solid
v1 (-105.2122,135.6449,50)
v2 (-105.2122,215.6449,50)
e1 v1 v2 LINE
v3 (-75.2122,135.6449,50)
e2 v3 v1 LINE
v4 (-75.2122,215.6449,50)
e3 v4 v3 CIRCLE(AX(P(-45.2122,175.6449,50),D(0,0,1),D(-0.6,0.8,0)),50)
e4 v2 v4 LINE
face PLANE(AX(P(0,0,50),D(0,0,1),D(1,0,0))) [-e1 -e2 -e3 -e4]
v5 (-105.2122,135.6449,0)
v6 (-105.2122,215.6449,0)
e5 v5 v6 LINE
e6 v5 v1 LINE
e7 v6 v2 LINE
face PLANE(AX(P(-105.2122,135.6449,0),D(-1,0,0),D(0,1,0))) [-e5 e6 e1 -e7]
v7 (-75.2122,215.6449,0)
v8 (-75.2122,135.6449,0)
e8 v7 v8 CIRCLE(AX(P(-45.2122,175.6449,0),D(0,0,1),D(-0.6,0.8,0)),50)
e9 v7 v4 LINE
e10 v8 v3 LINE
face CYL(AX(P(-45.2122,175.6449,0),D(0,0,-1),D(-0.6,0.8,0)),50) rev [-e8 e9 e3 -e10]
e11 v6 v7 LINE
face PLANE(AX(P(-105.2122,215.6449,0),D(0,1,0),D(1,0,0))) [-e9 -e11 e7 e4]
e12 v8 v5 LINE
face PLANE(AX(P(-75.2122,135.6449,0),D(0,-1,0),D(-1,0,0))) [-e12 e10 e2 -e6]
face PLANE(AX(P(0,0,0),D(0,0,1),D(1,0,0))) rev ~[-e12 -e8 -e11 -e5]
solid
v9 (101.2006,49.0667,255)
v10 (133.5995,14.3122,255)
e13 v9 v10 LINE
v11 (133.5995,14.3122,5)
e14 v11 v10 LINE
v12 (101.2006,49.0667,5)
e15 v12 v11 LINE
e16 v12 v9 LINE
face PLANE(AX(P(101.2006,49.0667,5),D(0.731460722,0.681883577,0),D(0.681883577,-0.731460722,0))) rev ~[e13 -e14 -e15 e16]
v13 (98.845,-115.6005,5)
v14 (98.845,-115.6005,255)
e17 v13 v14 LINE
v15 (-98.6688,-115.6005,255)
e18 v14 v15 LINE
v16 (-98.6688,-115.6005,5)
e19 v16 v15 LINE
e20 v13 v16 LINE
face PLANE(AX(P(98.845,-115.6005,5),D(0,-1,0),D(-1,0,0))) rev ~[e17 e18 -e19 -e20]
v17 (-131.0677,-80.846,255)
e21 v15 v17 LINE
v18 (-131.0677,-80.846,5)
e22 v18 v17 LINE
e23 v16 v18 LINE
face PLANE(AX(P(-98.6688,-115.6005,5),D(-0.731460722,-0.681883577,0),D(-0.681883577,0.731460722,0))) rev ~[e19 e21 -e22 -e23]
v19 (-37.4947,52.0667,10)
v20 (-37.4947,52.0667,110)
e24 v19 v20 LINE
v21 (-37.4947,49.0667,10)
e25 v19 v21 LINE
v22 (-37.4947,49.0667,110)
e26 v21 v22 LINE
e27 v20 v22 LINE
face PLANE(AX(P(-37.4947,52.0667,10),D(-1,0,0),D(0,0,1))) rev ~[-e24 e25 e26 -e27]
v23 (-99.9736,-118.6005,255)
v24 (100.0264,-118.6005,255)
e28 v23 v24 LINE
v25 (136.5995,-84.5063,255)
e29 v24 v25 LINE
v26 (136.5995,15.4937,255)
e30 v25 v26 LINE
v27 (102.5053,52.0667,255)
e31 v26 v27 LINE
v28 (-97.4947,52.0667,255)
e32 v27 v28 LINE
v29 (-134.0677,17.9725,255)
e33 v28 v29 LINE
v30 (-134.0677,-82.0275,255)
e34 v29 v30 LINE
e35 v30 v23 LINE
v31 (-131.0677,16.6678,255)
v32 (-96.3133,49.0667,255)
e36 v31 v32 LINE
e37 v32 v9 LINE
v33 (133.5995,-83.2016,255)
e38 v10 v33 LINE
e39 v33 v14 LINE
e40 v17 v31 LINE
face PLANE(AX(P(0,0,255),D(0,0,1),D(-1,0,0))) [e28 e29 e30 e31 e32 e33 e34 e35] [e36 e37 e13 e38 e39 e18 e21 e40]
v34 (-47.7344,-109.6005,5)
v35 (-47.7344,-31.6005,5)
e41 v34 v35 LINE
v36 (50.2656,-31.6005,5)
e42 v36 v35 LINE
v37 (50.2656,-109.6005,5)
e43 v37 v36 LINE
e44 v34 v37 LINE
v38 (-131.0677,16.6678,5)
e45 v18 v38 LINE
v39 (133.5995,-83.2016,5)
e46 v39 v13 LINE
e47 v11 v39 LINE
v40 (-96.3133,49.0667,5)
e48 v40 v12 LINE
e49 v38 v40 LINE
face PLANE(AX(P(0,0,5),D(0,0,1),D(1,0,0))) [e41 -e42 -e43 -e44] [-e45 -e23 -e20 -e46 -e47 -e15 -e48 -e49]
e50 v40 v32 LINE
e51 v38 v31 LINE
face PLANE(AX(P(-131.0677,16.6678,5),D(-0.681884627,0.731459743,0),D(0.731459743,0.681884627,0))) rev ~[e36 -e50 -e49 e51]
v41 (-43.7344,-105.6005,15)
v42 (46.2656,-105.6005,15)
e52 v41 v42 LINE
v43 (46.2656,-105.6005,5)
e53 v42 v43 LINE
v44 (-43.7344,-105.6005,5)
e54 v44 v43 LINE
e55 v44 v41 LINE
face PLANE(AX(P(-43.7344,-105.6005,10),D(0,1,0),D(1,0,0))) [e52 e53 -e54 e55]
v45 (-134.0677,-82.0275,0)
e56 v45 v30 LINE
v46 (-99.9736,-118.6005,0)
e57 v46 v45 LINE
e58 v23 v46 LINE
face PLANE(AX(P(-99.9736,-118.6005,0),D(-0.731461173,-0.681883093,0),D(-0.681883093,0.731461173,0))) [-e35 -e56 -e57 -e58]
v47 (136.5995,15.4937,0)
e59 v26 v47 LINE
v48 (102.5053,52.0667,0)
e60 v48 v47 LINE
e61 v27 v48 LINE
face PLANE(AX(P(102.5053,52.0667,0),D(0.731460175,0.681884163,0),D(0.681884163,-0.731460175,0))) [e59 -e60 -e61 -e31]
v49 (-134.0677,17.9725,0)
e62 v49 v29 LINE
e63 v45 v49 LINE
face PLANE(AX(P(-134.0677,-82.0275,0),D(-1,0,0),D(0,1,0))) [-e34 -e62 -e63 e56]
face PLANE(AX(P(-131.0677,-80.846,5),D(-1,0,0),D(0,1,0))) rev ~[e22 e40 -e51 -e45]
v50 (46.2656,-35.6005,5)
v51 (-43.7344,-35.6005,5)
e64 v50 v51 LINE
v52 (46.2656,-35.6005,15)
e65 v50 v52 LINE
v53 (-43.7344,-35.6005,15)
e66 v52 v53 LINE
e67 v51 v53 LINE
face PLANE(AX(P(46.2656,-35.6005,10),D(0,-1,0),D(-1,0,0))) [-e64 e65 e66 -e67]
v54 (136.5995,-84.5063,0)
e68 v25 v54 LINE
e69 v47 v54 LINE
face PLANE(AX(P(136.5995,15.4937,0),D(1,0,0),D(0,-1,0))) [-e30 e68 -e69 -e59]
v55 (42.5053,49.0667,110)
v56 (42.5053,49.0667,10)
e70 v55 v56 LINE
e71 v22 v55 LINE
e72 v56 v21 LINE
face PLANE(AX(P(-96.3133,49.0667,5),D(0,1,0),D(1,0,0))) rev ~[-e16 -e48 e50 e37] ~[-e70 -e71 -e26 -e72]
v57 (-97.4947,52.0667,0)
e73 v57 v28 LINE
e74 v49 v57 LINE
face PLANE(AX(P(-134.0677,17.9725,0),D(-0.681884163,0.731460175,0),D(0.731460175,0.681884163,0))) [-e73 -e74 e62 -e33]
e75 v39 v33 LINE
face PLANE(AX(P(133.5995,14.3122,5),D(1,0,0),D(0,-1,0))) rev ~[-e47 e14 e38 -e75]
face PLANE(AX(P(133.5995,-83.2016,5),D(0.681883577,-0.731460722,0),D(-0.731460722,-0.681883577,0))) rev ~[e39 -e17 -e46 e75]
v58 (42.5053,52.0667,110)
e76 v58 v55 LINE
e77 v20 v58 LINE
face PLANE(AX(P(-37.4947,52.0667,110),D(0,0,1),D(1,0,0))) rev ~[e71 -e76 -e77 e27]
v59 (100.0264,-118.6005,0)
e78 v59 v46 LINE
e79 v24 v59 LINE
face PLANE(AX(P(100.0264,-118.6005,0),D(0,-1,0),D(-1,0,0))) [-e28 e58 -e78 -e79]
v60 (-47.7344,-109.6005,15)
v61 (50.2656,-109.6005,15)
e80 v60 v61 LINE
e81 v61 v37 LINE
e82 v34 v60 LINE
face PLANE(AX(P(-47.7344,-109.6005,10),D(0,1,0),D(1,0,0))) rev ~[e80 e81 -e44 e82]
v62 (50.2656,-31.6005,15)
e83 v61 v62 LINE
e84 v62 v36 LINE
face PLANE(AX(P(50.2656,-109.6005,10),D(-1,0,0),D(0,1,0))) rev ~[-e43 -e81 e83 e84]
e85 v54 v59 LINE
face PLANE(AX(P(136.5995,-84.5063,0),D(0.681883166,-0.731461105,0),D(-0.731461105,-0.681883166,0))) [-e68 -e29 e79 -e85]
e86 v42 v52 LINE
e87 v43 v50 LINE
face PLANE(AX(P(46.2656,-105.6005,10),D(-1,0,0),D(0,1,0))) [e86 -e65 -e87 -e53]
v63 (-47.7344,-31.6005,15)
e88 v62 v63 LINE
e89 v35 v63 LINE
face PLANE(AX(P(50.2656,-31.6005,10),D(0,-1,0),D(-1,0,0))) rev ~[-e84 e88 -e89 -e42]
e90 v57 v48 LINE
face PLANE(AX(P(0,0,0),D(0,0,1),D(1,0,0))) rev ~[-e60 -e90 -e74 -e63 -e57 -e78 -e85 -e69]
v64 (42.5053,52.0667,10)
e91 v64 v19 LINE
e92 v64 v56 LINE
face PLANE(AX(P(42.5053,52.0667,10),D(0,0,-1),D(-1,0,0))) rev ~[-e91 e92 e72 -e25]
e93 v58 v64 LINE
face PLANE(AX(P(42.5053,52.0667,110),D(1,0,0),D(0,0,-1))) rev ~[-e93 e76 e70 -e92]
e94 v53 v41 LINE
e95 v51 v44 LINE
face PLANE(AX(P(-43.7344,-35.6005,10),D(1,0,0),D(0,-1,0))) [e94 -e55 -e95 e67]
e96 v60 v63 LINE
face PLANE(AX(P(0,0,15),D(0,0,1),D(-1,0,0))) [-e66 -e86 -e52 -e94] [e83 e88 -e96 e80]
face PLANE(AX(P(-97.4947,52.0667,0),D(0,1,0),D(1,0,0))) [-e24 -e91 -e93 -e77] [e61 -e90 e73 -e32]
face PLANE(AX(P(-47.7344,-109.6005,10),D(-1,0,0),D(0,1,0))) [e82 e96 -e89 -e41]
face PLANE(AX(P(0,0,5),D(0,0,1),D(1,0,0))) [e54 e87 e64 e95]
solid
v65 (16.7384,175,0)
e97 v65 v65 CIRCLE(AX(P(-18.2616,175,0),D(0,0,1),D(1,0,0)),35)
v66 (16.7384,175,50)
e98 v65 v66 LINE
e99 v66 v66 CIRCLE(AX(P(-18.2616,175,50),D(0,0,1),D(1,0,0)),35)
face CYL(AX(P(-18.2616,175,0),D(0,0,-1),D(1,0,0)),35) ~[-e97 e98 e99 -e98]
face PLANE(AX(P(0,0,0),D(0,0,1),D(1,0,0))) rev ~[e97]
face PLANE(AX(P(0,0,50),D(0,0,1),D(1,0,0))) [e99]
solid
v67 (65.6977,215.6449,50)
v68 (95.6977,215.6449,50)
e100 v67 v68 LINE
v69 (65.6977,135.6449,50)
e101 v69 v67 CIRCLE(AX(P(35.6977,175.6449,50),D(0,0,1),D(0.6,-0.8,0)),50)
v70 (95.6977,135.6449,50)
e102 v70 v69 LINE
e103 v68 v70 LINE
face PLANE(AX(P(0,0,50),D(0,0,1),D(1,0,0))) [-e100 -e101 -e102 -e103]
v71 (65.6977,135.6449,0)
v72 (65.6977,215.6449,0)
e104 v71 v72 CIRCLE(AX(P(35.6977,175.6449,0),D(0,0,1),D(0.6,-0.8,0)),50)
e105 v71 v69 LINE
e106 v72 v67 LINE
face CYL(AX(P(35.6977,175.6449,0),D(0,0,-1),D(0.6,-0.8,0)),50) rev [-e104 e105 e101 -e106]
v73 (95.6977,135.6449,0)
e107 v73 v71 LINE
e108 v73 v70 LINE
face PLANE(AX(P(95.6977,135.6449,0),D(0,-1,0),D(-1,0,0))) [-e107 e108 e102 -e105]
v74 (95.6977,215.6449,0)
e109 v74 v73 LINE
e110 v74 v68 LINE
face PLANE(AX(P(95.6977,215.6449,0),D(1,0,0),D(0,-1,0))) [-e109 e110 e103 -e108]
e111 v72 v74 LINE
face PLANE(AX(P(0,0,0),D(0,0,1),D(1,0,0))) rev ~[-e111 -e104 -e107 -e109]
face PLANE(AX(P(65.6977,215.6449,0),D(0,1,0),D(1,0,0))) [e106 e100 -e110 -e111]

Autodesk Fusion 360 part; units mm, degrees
sketch "Esquisse1" plane through (0, 0, 0) normal (0, 0, 1) x (1, 0, 0)
  line L0 (-97.4947, 52.0667) -> (102.5053, 52.0667)
  line L1 (102.5053, 52.0667) -> (136.5995, 15.4937)
  line L2 (136.5995, 15.4937) -> (136.5995, -84.5063)
  line L3 (136.5995, -84.5063) -> (100.0264, -118.6005)
  line L4 (100.0264, -118.6005) -> (-99.9736, -118.6005)
  line L5 (-99.9736, -118.6005) -> (-134.0677, -82.0275)
  line L6 (-134.0677, -82.0275) -> (-134.0677, 17.9725)
  line L7 (-134.0677, 17.9725) -> (-97.4947, 52.0667)
  circle A0 centre (-18.2616, 175) radius 35
  line L8 (95.6977, 135.6449) -> (65.6977, 135.6449)
  line L9 (65.6977, 135.6449) -> (65.6977, 215.6449)
  line L10 (65.6977, 215.6449) -> (95.6977, 215.6449)
  line L11 (95.6977, 215.6449) -> (95.6977, 135.6449)
  line L12 (-105.2122, 215.6449) -> (-75.2122, 215.6449)
  line L13 (-105.2122, 135.6449) -> (-105.2122, 215.6449)
  line L14 (-75.2122, 215.6449) -> (-75.2122, 135.6449)
  line L15 (-75.2122, 135.6449) -> (-105.2122, 135.6449)
  arc A1 (65.6977, 135.6449) -> (65.6977, 215.6449) centre (35.6977, 175.6449) ccw
  arc A2 (-75.2122, 215.6449) -> (-75.2122, 135.6449) centre (-45.2122, 175.6449) ccw
  dimension "d1" = 100
  dimension "d4" = 200
  dimension "d5" = 50
  dimension "d6" = 170.6672
  dimension "d7" = 270.6672
  dimension "d44" = 70
  dimension "d48" = 30
  dimension "d49" = 80
  dimension "d52" = 30
  dimension "d53" = 80
  dimension "d57" = 60
  dimension "d58" = 60
extrude "Extrusion1" add sketch "Esquisse1" along normal blind 5 contours L0 L1 L2 L3 L4 L5 L6 L7 makes body 1
sketch "Esquisse4" plane through (0, 0, 5) normal (0, 0, 1) x (-1, 0, 0)
  line L0 (134.0677, -17.9725) -> (134.0677, 82.0275)
  line L1 (134.0677, 82.0275) -> (99.9736, 118.6005)
  line L2 (99.9736, 118.6005) -> (-100.0264, 118.6005)
  line L3 (-100.0264, 118.6005) -> (-136.5995, 84.5063)
  line L4 (-136.5995, 84.5063) -> (-136.5995, -15.4937)
  line L5 (-136.5995, -15.4937) -> (-102.5053, -52.0667)
  line L6 (-102.5053, -52.0667) -> (97.4947, -52.0667)
  line L7 (97.4947, -52.0667) -> (134.0677, -17.9725)
  line L8 (96.3133, -49.0667) -> (-101.2006, -49.0667)
  line L9 (97.4947, -52.0667) -> (-102.5053, -52.0667)
  line L10 (-101.2006, -49.0667) -> (-133.5995, -14.3122)
  line L11 (-133.5995, -14.3122) -> (-133.5995, 83.2016)
  line L12 (-102.5053, -52.0667) -> (-136.5995, -15.4937)
  line L13 (-136.5995, -15.4937) -> (-136.5995, 84.5063)
  line L14 (-133.5995, 83.2016) -> (-98.845, 115.6005)
  line L15 (-98.845, 115.6005) -> (98.6688, 115.6005)
  line L16 (98.6688, 115.6005) -> (131.0677, 80.846)
  line L17 (131.0677, 80.846) -> (131.0677, -16.6678)
  line L18 (131.0677, -16.6678) -> (96.3133, -49.0667)
  line L19 (-136.5995, 84.5063) -> (-100.0264, 118.6005)
  line L20 (-100.0264, 118.6005) -> (99.9736, 118.6005)
  line L21 (99.9736, 118.6005) -> (134.0677, 82.0275)
  line L22 (134.0677, 82.0275) -> (134.0677, -17.9725)
  line L23 (134.0677, -17.9725) -> (97.4947, -52.0667)
  line L24 (43.7344, 105.6005) -> (-46.2656, 105.6005)
  line L25 (-46.2656, 105.6005) -> (-46.2656, 35.6005)
  line L26 (-46.2656, 35.6005) -> (43.7344, 35.6005)
  line L27 (43.7344, 35.6005) -> (43.7344, 105.6005)
  line L28 (47.7344, 35) -> (47.7344, 105)
  line L29 (47.7344, 105) -> (47.7344, 109.6005)
  line L30 (47.7344, 109.6005) -> (-50.2656, 109.6005)
  line L31 (-50.2656, 109.6005) -> (-50.2656, 31.6005)
  line L32 (-50.2656, 31.6005) -> (47.7344, 31.6005)
  line L33 (47.7344, 31.6005) -> (47.7344, 35)
  dimension "d10" = 3
  dimension "d11" = 3
  dimension "d12" = 3
  dimension "d14" = 3
  dimension "d16" = 3
  dimension "d18" = 3
  dimension "d19" = 3
  dimension "d21" = 3
  dimension "d24" = 70
  dimension "d25" = 90
  dimension "d26" = 10
  dimension "d27" = 4
  dimension "d28" = 4
  dimension "d29" = 4
  dimension "d30" = 4
  dimension "d35" = 83.3333
  dimension "d36" = 83.3339
extrude "Extrusion2" add sketch "Esquisse4" along normal blind 250 contours L0 L1 L2 L3 L4 L5 L6 L7 L9 L12 L13 L19 L20 L21 L22 L23 bodies 1
extrude "Extrusion3" add sketch "Esquisse4" along normal blind 5 contours L28 L29 L30 L31 L32 L33 bodies 1
extrude "Extrusion4" add 1 faces at (16.2656, -108.2672, 10) along direction (0, 0, 1) blind 5 on bodies 1 bodies 1
sketch "Esquisse5" plane through (0, 52.0667, 0) normal (0, 1, 0) x (-1, 0, 0)
  line L0 (-102.5053, 0) -> (97.4947, 0)
  line L1 (97.4947, 0) -> (97.4947, 255)
  line L2 (97.4947, 255) -> (-102.5053, 255)
  line L3 (-102.5053, 255) -> (-102.5053, 0)
  line L4 (-42.5053, 10) -> (37.4947, 10)
  line L5 (37.4947, 10) -> (37.4947, 110)
  line L6 (37.4947, 110) -> (-42.5053, 110)
  line L7 (-42.5053, 110) -> (-42.5053, 10)
  line L8 (97.4947, 0) -> (-102.5053, 0)
  dimension "d37" = 10
  dimension "d38" = 80
  dimension "d39" = 100
  dimension "d40" = 60
  dimension "d41" = 60
extrude "Extrusion5" cut sketch "Esquisse5" against normal blind 20 contours L4 L5 L6 L7 bodies 1
extrude "Extrusion6" add sketch "Esquisse1" along normal blind 50 separate body contours A0 makes body 2
extrude "Extrusion7" add sketch "Esquisse1" along normal blind 50 separate body contours L8 L10 L11 A1 | L12 L13 L15 A2 makes body 3 at (-94.5212, 183.9284, 33.3333) makes body 4 at (69.3607, 212.6152, 33.3333)
